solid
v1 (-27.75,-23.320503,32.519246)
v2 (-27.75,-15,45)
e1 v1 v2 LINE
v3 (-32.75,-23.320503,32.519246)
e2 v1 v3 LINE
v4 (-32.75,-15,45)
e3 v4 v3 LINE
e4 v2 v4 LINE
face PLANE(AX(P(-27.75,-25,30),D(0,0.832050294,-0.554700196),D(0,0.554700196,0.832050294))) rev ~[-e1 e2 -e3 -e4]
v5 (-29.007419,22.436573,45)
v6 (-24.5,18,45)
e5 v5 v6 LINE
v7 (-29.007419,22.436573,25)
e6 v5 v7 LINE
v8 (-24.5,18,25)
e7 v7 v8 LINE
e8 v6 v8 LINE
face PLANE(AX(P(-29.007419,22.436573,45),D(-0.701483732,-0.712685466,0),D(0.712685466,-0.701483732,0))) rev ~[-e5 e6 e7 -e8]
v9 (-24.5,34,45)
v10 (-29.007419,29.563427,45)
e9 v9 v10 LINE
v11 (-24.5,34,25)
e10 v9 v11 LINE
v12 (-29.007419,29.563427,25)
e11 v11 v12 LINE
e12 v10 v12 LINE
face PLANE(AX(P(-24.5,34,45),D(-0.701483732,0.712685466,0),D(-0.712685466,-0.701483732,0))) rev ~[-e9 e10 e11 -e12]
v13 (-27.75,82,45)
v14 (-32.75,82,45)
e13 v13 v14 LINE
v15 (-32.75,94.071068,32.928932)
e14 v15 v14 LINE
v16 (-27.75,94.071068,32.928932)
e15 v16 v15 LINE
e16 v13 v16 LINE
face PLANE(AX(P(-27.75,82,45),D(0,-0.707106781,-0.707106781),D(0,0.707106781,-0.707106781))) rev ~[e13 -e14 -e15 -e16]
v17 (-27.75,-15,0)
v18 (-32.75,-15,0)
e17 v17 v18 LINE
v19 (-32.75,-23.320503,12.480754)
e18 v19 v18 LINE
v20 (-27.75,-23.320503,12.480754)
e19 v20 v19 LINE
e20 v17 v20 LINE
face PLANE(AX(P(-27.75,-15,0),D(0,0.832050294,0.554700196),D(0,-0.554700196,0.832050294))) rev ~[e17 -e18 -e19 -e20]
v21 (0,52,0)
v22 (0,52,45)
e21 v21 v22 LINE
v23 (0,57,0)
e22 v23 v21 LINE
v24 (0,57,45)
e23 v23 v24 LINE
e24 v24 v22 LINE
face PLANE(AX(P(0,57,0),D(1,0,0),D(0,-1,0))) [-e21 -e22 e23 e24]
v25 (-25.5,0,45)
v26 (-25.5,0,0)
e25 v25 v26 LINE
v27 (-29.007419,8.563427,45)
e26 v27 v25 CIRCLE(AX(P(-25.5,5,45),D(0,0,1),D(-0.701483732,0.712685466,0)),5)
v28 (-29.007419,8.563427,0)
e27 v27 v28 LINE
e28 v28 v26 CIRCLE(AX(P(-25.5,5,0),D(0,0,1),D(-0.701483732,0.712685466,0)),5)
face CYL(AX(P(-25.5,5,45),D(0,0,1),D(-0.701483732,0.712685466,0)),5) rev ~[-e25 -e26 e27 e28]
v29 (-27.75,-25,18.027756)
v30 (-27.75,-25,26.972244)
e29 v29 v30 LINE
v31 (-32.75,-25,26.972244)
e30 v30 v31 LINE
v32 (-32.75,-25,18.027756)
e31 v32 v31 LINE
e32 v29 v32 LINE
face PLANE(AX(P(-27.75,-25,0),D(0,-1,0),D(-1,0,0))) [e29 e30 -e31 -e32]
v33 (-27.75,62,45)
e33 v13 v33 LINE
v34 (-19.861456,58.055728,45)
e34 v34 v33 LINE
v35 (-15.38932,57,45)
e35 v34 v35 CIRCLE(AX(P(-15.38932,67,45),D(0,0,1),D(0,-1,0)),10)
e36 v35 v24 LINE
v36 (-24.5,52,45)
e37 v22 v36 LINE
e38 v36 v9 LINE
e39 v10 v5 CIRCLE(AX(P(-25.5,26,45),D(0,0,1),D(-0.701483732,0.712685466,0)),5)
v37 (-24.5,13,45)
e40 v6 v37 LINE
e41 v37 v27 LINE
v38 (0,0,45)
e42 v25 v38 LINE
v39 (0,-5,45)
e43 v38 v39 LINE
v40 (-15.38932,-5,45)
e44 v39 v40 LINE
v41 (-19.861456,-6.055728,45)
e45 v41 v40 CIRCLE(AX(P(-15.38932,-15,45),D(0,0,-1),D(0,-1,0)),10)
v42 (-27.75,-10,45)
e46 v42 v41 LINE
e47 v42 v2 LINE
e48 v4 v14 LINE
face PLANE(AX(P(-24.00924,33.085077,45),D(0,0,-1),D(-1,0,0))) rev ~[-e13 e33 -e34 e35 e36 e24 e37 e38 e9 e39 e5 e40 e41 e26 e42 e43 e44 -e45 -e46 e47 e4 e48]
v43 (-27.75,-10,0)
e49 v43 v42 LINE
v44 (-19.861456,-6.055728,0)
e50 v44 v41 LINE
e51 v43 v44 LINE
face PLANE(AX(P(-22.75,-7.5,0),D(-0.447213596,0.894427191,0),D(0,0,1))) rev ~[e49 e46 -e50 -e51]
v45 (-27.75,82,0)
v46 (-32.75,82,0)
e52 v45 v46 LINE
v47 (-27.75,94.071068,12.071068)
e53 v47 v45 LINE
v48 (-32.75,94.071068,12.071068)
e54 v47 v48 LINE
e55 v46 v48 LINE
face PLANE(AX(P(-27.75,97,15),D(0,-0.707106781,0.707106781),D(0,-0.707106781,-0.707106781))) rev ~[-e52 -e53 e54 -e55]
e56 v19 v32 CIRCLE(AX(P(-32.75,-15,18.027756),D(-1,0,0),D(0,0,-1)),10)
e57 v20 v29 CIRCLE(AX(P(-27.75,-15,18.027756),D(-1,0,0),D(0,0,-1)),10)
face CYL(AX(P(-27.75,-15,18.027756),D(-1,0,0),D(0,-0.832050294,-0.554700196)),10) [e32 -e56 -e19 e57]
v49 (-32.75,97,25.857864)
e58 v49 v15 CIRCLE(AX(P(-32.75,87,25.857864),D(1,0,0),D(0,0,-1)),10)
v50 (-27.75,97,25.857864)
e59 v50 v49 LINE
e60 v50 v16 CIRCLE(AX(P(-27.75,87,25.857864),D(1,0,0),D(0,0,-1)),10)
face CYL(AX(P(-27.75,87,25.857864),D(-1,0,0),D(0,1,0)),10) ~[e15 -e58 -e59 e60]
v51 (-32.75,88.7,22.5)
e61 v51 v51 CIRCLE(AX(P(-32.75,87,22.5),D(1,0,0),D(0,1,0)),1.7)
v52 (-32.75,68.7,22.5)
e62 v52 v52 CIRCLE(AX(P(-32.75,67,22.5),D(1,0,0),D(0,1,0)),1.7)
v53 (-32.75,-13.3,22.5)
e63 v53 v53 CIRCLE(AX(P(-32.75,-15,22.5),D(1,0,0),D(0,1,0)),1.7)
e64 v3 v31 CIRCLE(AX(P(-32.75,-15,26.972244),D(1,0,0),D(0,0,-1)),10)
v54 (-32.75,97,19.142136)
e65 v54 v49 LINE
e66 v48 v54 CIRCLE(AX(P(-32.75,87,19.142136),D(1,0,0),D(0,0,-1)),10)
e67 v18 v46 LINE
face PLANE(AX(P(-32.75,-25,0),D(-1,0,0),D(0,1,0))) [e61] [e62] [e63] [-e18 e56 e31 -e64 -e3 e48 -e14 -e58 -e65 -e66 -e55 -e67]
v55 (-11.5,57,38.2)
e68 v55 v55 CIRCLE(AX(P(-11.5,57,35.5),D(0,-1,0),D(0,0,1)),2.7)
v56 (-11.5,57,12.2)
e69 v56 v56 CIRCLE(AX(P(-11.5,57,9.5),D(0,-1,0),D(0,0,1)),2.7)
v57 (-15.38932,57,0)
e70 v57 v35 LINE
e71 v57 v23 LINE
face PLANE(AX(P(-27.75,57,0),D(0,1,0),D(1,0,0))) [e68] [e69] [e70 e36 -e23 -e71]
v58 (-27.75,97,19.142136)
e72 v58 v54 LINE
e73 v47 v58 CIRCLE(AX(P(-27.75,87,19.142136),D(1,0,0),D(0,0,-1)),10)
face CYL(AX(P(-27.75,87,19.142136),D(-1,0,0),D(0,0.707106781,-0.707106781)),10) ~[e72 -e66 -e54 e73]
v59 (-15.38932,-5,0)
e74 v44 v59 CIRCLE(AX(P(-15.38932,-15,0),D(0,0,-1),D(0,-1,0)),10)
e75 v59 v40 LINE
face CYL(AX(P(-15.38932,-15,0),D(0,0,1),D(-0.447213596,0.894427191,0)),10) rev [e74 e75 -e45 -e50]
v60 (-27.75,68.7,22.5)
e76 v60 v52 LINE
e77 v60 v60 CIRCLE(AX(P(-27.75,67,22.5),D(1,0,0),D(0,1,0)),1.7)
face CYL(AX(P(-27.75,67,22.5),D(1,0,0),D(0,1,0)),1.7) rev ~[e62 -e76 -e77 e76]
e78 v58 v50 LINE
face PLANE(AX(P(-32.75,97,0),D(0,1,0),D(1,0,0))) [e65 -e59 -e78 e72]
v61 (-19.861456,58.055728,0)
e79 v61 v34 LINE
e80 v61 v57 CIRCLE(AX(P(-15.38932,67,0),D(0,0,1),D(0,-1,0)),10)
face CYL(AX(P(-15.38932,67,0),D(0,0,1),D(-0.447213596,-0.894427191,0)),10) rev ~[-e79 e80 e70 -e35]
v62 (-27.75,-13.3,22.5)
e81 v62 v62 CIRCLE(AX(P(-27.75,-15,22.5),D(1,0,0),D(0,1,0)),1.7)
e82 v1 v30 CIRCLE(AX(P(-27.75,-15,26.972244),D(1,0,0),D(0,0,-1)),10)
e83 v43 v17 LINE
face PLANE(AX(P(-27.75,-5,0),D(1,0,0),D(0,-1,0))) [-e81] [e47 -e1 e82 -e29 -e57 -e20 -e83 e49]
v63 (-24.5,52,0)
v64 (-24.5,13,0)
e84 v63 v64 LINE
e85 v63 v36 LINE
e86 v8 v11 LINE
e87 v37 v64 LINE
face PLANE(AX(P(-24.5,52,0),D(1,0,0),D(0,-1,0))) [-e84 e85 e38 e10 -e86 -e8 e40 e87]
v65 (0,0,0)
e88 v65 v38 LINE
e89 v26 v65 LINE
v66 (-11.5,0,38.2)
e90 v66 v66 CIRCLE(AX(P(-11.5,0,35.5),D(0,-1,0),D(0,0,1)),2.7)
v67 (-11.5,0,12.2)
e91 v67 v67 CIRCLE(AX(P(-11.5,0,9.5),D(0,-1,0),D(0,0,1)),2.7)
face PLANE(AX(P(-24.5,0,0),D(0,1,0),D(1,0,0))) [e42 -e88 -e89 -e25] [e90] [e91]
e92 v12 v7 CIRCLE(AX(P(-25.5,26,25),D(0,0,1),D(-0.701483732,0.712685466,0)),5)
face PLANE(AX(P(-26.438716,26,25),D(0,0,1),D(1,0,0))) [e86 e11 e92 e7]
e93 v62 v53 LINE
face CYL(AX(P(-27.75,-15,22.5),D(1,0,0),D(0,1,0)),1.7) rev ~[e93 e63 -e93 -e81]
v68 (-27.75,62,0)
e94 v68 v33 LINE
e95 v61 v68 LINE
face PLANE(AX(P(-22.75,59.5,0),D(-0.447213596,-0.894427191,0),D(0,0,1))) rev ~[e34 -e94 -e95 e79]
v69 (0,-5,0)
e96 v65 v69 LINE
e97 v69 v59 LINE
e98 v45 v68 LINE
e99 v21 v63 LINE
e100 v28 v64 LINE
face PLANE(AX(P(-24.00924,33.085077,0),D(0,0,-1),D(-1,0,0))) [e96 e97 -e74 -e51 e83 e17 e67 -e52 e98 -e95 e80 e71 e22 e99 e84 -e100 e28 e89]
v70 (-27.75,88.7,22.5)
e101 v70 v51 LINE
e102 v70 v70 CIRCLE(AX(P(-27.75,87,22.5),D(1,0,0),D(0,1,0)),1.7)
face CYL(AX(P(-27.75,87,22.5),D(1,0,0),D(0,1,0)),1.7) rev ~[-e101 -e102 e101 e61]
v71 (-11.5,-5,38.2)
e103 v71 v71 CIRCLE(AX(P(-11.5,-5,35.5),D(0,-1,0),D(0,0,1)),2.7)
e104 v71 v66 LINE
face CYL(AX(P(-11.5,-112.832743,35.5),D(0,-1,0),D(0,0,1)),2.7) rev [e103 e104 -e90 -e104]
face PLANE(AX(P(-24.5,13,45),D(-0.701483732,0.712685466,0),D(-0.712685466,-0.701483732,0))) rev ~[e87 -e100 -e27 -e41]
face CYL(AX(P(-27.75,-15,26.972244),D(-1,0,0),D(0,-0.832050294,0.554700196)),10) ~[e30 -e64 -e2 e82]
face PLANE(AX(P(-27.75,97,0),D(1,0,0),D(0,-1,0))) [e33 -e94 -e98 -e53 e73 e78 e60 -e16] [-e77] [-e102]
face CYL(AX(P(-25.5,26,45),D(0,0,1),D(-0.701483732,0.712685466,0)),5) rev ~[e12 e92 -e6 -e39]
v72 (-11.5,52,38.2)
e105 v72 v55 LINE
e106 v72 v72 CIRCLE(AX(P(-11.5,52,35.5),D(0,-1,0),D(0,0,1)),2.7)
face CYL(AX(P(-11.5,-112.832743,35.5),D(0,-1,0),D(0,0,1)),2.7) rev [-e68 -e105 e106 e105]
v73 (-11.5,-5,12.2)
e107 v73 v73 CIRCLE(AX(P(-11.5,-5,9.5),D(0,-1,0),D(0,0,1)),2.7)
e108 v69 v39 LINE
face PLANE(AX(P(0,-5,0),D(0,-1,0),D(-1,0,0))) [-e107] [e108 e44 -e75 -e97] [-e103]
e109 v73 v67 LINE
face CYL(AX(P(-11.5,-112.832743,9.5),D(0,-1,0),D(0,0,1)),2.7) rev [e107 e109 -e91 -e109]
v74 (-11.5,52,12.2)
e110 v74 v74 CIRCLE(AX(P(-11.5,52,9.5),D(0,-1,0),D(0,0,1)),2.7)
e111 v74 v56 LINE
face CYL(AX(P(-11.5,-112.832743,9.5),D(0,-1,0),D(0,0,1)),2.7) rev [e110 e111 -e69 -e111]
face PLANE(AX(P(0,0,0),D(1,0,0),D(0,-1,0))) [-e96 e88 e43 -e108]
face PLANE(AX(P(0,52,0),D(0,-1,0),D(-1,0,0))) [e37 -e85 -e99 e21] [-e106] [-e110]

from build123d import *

# Parameters (mm, degrees)
BOSS_EXTRUDE1_DEPTH     = 45
SKETCH3_R               = 1.7
CUT_EXTRUDE1_DEPTH      = 111.471998715
CHAMFER1_SIZE           = 5
CHAMFER1_SIZE2          = 10
CHAMFER2_SIZE           = 10
CHAMFER2_SIZE2          = 5
FILLET1_R               = 10
CUT_EXTRUDE2_DEPTH      = 112.832743416
CUT_EXTRUDE2_DEPTH_BACK = 112.832743416
SKETCH5_R               = 2.7
CUT_EXTRUDE3_DEPTH      = 112.832743416
CUT_EXTRUDE4_DEPTH      = 20


with BuildPart() as part:
    # Sketch1 → Boss-Extrude1 (new body)
    with BuildSketch(Plane.XY):
        Polygon((0, 0), (0, -5), (-27.75, -5), (-27.75, -25), (-32.75, -25), (-32.75, 97), (-27.75, 97), (-27.75, 57), (0, 57), (0, 52), (-24.5, 52), (-24.5, 0), align=None)
    extrude(amount=BOSS_EXTRUDE1_DEPTH)

    # Sketch3 → Cut-Extrude1 (cut, through all)
    with BuildSketch(Plane(origin=(-27.75, 0, 0), x_dir=(0, 0, -1), z_dir=(1, 0, 0))):
        Polygon((-45, 97), (-45, 82), (-30, 97), align=None)
        Polygon((-15, 97), (0, 82), (0, 97), align=None)
        Polygon((-30, -25), (-45, -15), (-45, -25), align=None)
        Polygon((0, -25), (0, -15), (-15, -25), align=None)
        with Locations(Location((-22.5, -15, 0), (0, 0, 90))):
            Circle(SKETCH3_R)
        with Locations(Location((-22.5, 87, 0), (0, 0, 90))):
            Circle(SKETCH3_R)
        with Locations(Location((-22.5, 67, 0), (0, 0, 90))):
            Circle(SKETCH3_R)
    extrude(amount=-CUT_EXTRUDE1_DEPTH, mode=Mode.SUBTRACT)

    # Chamfer1
    chamfer1_edges = [part.edges().sort_by_distance(p)[0] for p in [
        (-27.75, -5, 22.5),
    ]]
    chamfer1_side = [part.faces().sort_by_distance(p)[0] for p in [
        (-27.75, -10, 0.49244289),
    ]]
    chamfer(chamfer1_edges, length=CHAMFER1_SIZE, length2=CHAMFER1_SIZE2, reference=chamfer1_side[0])

    # Chamfer2
    chamfer2_edges = [part.edges().sort_by_distance(p)[0] for p in [
        (-27.75, 57, 22.5),
    ]]
    chamfer2_side = [part.faces().sort_by_distance(p)[0] for p in [
        (-13.875, 57, 22.5),
    ]]
    chamfer(chamfer2_edges, length=CHAMFER2_SIZE, length2=CHAMFER2_SIZE2, reference=chamfer2_side[0])

    # Fillet1
    fillet1_edges = [part.edges().sort_by_distance(p)[0] for p in [
        (-17.75, 57, 22.5),
        (-30.25, -25, 15),
        (-30.25, -25, 30),
        (-30.25, 97, 15),
        (-30.25, 97, 30),
        (-17.75, -5, 22.5),
    ]]
    fillet(fillet1_edges, radius=FILLET1_R)

    # Sketch5 → Cut-Extrude2 (cut, two sides: drawn at the far end of the back side and taken through both)
    with BuildSketch(Plane(origin=(0, 0, 0), x_dir=(1, 0, 0), z_dir=(0, 1, 0)).offset(-CUT_EXTRUDE2_DEPTH_BACK)):
        with Locations(Location((-11.5, -9.5, 0), (0, 0, 270))):
            Circle(SKETCH5_R)
        with Locations(Location((-11.5, -35.5, 0), (0, 0, 270))):
            Circle(SKETCH5_R)
    extrude(amount=CUT_EXTRUDE2_DEPTH + CUT_EXTRUDE2_DEPTH_BACK, mode=Mode.SUBTRACT)

    # Sketch6 → Cut-Extrude3 (cut, through all)
    with BuildSketch(Plane.XY.offset(45)):
        with BuildLine():
            Line((-24.5, 13), (-29.007418659, 8.563427332))
            ThreePointArc((-29.007418659, 8.563427332), (-30.126939413, 3.104892702), (-25.5, 0))
            Line((-25.5, 0), (-24.5, 0))
            Line((-24.5, 0), (-24.5, 13))
        make_face()
    extrude(amount=-CUT_EXTRUDE3_DEPTH, mode=Mode.SUBTRACT)

    # Sketch7 → Cut-Extrude4 (cut)
    with BuildSketch(Plane.XY.offset(45)):
        with BuildLine():
            Line((-24.5, 18), (-24.5, 34))
            Line((-24.5, 34), (-29.007418659, 29.563427332))
            ThreePointArc((-29.007418659, 29.563427332), (-30.5, 26), (-29.007418659, 22.436572668))
            Line((-29.007418659, 22.436572668), (-24.5, 18))
        make_face()
    extrude(amount=-CUT_EXTRUDE4_DEPTH, mode=Mode.SUBTRACT)


solid = part.part
